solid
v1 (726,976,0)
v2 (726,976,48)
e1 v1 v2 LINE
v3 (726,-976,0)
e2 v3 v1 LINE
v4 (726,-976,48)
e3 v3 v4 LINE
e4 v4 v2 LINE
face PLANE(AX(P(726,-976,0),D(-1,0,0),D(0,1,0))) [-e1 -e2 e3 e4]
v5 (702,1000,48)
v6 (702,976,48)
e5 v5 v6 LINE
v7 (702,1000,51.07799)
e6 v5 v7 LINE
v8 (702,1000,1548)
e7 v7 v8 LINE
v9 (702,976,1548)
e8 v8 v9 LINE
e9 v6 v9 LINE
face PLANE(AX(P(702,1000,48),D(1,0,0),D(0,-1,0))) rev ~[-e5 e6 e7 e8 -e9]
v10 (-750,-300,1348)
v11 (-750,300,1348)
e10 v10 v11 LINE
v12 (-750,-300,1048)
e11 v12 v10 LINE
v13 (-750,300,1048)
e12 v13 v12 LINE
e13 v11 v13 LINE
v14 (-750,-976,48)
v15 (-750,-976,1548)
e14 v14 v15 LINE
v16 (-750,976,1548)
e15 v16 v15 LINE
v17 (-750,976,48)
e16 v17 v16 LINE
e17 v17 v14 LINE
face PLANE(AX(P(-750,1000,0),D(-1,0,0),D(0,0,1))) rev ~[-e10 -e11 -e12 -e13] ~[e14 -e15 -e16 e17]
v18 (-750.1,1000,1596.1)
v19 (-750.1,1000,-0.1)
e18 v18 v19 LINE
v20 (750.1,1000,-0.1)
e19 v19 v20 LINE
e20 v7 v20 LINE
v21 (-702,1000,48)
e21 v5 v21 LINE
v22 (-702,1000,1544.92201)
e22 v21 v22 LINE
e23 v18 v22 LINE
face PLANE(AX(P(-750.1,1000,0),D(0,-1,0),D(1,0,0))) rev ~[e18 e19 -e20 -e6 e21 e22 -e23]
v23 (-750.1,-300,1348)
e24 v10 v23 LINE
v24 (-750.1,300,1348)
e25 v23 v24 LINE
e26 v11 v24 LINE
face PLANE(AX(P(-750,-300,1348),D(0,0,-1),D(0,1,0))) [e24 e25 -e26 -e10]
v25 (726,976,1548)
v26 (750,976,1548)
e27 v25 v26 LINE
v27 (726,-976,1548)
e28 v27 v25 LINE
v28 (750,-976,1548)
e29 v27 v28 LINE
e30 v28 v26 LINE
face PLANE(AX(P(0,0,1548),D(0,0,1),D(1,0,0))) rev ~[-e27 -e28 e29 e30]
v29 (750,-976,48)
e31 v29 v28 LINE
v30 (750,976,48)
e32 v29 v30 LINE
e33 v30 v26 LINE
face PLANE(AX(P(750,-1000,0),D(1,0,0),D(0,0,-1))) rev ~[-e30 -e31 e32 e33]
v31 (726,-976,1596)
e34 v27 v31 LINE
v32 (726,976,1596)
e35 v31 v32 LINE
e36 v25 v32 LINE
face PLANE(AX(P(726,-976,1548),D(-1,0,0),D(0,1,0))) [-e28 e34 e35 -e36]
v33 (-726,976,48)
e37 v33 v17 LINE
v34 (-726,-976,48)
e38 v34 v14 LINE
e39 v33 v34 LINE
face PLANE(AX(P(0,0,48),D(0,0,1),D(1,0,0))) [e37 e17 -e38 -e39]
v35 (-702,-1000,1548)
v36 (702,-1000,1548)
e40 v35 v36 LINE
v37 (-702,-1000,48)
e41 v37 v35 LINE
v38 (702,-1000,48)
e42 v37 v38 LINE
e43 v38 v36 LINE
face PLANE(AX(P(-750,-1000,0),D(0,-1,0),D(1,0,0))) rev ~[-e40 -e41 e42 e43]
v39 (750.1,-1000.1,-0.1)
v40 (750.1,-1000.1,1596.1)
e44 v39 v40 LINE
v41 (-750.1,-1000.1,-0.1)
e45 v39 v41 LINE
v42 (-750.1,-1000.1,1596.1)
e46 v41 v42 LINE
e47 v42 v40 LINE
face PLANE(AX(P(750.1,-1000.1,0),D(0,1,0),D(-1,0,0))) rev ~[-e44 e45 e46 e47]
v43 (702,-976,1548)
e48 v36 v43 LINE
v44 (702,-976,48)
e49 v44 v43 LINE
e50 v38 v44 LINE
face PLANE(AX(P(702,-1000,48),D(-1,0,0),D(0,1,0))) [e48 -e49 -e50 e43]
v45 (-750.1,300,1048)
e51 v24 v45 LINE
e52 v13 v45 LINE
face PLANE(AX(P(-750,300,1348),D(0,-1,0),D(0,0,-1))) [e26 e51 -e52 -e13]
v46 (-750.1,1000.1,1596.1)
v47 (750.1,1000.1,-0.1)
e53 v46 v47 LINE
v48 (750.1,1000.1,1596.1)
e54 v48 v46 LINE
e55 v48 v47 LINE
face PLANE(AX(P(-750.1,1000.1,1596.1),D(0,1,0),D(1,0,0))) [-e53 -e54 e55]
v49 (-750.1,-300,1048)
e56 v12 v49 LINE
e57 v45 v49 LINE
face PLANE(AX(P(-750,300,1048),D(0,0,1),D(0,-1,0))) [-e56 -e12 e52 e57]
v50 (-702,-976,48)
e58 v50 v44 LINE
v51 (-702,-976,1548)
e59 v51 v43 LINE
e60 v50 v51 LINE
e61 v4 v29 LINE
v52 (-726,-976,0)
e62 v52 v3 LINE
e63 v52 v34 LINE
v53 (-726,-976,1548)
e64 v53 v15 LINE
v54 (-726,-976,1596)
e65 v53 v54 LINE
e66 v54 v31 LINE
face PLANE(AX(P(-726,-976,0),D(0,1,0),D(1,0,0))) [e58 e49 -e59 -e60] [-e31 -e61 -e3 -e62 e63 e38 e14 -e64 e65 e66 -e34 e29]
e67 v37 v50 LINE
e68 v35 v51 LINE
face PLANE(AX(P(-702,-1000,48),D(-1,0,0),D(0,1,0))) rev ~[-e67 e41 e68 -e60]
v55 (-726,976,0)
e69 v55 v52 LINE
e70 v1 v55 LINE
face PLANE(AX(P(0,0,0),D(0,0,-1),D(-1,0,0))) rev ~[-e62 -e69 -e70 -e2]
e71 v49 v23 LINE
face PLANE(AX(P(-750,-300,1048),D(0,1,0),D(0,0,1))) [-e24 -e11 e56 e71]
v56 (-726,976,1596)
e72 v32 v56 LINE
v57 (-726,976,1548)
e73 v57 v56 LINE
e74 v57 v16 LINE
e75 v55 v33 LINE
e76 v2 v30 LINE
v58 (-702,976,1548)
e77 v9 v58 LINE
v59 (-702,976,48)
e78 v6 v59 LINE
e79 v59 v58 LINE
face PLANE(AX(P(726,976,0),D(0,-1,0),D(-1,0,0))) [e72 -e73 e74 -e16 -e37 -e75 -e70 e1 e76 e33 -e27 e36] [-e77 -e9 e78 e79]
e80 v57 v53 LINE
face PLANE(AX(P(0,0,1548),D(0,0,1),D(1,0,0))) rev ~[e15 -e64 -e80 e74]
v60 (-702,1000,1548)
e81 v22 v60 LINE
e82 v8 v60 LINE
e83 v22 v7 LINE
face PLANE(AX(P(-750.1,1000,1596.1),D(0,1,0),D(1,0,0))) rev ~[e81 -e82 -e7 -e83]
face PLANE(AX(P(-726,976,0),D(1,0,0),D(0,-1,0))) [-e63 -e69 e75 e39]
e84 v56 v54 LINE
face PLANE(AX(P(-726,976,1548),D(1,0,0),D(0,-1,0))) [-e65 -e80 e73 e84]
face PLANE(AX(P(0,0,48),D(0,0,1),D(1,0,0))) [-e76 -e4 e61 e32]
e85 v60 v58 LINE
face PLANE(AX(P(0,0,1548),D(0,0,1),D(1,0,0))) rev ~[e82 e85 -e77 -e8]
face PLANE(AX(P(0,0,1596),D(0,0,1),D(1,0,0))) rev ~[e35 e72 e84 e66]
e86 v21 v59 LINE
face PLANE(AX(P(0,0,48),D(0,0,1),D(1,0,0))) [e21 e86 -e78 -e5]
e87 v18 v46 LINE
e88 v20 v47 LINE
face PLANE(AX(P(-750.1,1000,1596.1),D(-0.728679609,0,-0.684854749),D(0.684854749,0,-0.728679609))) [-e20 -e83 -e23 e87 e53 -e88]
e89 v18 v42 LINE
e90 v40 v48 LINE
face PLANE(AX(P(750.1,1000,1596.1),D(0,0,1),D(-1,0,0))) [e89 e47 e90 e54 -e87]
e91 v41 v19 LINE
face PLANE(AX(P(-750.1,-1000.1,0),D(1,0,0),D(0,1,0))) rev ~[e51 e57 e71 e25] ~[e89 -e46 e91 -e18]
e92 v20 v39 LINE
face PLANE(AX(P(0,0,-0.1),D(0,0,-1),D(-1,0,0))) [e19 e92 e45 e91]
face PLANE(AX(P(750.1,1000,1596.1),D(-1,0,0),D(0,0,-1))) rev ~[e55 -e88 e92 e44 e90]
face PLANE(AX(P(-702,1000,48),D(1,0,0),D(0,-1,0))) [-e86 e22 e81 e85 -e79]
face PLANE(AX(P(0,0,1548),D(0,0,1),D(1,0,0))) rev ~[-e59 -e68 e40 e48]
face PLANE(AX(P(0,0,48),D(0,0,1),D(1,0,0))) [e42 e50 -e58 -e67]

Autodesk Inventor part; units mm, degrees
ref_plane "YZ Plane" through (0, 0, 0) normal (1, 0, 0) x (0, 1, 0)
ref_plane "XZ Plane" through (0, 0, 0) normal (0, 1, 0) x (-1, 0, 0)
ref_plane "XY Plane" through (0, 0, 0) normal (0, 0, 1) x (1, 0, 0)
sketch "Sketch5" plane through (0, 0, 0) normal (0, 0, 1) x (1, 0, 0)
  line L0 (750, 1000) -> (-750, 1000)
  line L1 (-750, 1000) -> (-750, -1000)
  line L2 (-750, -1000) -> (750, -1000)
  line L3 (750, -1000) -> (750, 1000)
  line L4 (750, 1000) -> (-750, -1000) construction
  line L5 (-750, 1000) -> (750, -1000) construction
  line L6 (726, 976) -> (-726, 976)
  line L7 (-726, 976) -> (-726, -976)
  line L8 (-726, -976) -> (726, -976)
  line L9 (726, -976) -> (726, 976)
  line L10 (726, 976) -> (-726, -976) construction
  line L11 (-726, 976) -> (726, -976) construction
  point P0 (0, 0)
  dimension "d14" = 2000
  dimension "d15" = 1500
  dimension "d16" = 24
  dimension "d17" = 24
extrude "Extrusion4" add sketch "Sketch5" along normal blind 48
sketch "Sketch6" plane through (0, 0, 48) normal (0, 0, 1) x (1, 0, 0)
  line L0 (-750, 1000) -> (-750, -1000) construction
  line L1 (-750, -1000) -> (750, -1000) construction
  line L2 (750, -1000) -> (750, 1000) construction
  line L3 (750, 1000) -> (-750, 1000) construction
  line L4 (726, 976) -> (726, -976) construction
  line L5 (726, -976) -> (-726, -976) construction
  line L6 (-726, -976) -> (-726, 976) construction
  line L7 (-726, 976) -> (726, 976) construction
  line L8 (750, -1000) -> (702, -1000)
  line L9 (702, -1000) -> (702, -976)
  line L10 (702, -976) -> (750, -976)
  line L11 (750, -976) -> (750, -1000)
  line L12 (-750, -1000) -> (-702, -1000)
  line L13 (-702, -1000) -> (-702, -976)
  line L14 (-702, -976) -> (-750, -976)
  line L15 (-750, -976) -> (-750, -1000)
  line L16 (-750, 1000) -> (-702, 1000)
  line L17 (-702, 1000) -> (-702, 976)
  line L18 (-702, 976) -> (-750, 976)
  line L19 (-750, 976) -> (-750, 1000)
  line L20 (750, 1000) -> (702, 1000)
  line L21 (702, 1000) -> (702, 976)
  line L22 (702, 976) -> (750, 976)
  line L23 (750, 976) -> (750, 1000)
  point P0 (0, 0)
  dimension "d20" = 48
  dimension "d21" = 48
extrude "Extrusion5" add sketch "Sketch6" along normal blind 1500
sketch "Sketch7" plane through (0, 0, 1548) normal (0, 0, 1) x (1, 0, 0)
  line L0 (-702, -976) -> (-702, -1000) construction
  line L1 (-702, -1000) -> (702, -1000) construction
  line L2 (702, -1000) -> (702, -976) construction
  line L3 (702, -976) -> (-702, -976) construction
  line L4 (-726, 976) -> (-750, 976) construction
  line L5 (-750, 976) -> (-750, -976) construction
  line L6 (-750, -976) -> (-726, -976) construction
  line L7 (-726, -976) -> (-726, 976) construction
  line L8 (702, 1000) -> (702, 976) construction
  line L9 (702, 976) -> (750, 976) construction
  line L10 (750, 976) -> (750, 1000) construction
  line L11 (750, 1000) -> (702, 1000) construction
  line L12 (750, 1000) -> (-750, 1000)
  line L13 (-750, 1000) -> (-750, -1000)
  line L14 (-750, -1000) -> (750, -1000)
  line L15 (750, -1000) -> (750, 1000)
  line L16 (-726, -976) -> (726, -976)
  line L17 (726, -976) -> (726, 976)
  line L18 (726, 976) -> (-726, 976)
  line L19 (-726, 976) -> (-726, -976)
  point P0 (0, 0)
  dimension "d24" = 24
extrude "Extrusion6" add sketch "Sketch7" along normal blind 48
sketch "Sketch8" plane through (750, -1000, 0) normal (1, 0, 0) x (0, 0, -1)
  line L0 (-48, 1976) -> (-1548, 1976) construction
  line L1 (-48, 24) -> (-48, 1976) construction
  line L2 (-48, 24) -> (-1548, 24) construction
  line L3 (-1548, 24) -> (-1548, 1976) construction
  line L4 (0, 2000) -> (-1596, 2000) construction
  line L5 (-1596, 0) -> (-1596, 2000) construction
  line L6 (0, 0) -> (-1596, 0) construction
  line L7 (0, 0) -> (0, 2000) construction
  line L8 (-1596, 0) -> (0, 0)
  line L9 (0, 0) -> (0, 2000)
  line L10 (0, 2000) -> (-1596, 2000)
  line L11 (-1596, 2000) -> (-1596, 0)
  point P0 (0, 1000)
extrude "Extrusion7" add sketch "Sketch8" along normal blind 0.1
sketch "Sketch9" plane through (-750, -1000, 0) normal (0, -1, 0) x (1, 0, 0)
  line L0 (1452, 48) -> (1452, 1548) construction
  line L1 (48, 48) -> (1452, 48) construction
  line L2 (48, 48) -> (48, 1548) construction
  line L3 (48, 1548) -> (1452, 1548) construction
  line L4 (0, 1596) -> (1500.1, 1596) construction
  line L5 (0, 0) -> (0, 1596) construction
  line L6 (0, 0) -> (1500.1, 0) construction
  line L7 (1500.1, 1596) -> (1500.1, 0) construction
  line L8 (0, 1596) -> (1500.1, 1596)
  line L9 (1500.1, 1596) -> (1500.1, 0)
  line L10 (1500.1, 0) -> (0, 0)
  line L11 (0, 0) -> (0, 1596)
  point P0 (750, 0)
extrude "Extrusion8" add sketch "Sketch9" along normal blind 0.1
sketch "Sketch10" plane through (-750, 1000, 0) normal (-1, 0, 0) x (0, 0, 1)
  line L0 (0, 0) -> (1596, 0) construction
  line L1 (0, 0) -> (0, -2000.1) construction
  line L2 (1596, -2000.1) -> (0, -2000.1) construction
  line L3 (1596, 0) -> (1596, -2000.1) construction
  line L4 (1548, -24) -> (1548, -1976) construction
  line L5 (48, -1976) -> (1548, -1976) construction
  line L6 (48, -24) -> (48, -1976) construction
  line L7 (48, -24) -> (1548, -24) construction
  line L8 (1596, 0) -> (0, 0)
  line L9 (0, 0) -> (0, -2000.1)
  line L10 (0, -2000.1) -> (1596, -2000.1)
  line L11 (1596, -2000.1) -> (1596, 0)
  line L12 (1348, -700) -> (1048, -700)
  line L13 (1048, -700) -> (1048, -1300)
  line L14 (1048, -1300) -> (1348, -1300)
  line L15 (1348, -1300) -> (1348, -700)
  line L16 (-319.34, -1000) -> (1915.34, -1000) construction
  point P0 (0, -1000)
  dimension "d37" = 600
  dimension "d38" = 300
  dimension "d39" = 300
  dimension "d40" = 1000
extrude "Extrusion9" add sketch "Sketch10" along normal blind 0.1
sketch "Sketch11" plane through (0, 0, 1596) normal (0, 0, 1) x (1, 0, 0)
  line L0 (750.1, -1000.1) -> (-750.1, -1000.1) construction
  line L1 (750.1, 1000) -> (750.1, -1000.1) construction
  line L2 (-750.1, 1000) -> (750.1, 1000) construction
  line L3 (-750.1, -1000.1) -> (-750.1, 1000) construction
  line L4 (-726, -976) -> (-726, 976) construction
  line L5 (-726, 976) -> (726, 976) construction
  line L6 (726, 976) -> (726, -976) construction
  line L7 (726, -976) -> (-726, -976) construction
  line L8 (750.1, 1000) -> (-750.1, 1000)
  line L9 (-750.1, 1000) -> (-750.1, -1000.1)
  line L10 (-750.1, -1000.1) -> (750.1, -1000.1)
  line L11 (750.1, -1000.1) -> (750.1, 1000)
  point P0 (0, 0)
extrude "Extrusion10" add sketch "Sketch11" along normal blind 0.1
sketch "Sketch12" plane through (0, 0, 0) normal (0, 0, -1) x (-1, 0, 0)
  line L0 (750.1, 1000) -> (-750.1, 1000) construction
  line L1 (-750.1, 1000) -> (-750.1, -1000.1) construction
  line L2 (-750.1, -1000.1) -> (750.1, -1000.1) construction
  line L3 (750.1, 1000) -> (750.1, -1000.1) construction
  line L4 (-726, 976) -> (-726, -976) construction
  line L5 (726, 976) -> (-726, 976) construction
  line L6 (726, -976) -> (726, 976) construction
  line L7 (-726, -976) -> (726, -976) construction
  line L8 (750.1, 1000) -> (-750.1, 1000)
  line L9 (-750.1, 1000) -> (-750.1, -1000.1)
  line L10 (-750.1, -1000.1) -> (750.1, -1000.1)
  line L11 (750.1, -1000.1) -> (750.1, 1000)
  point P0 (0, 0)
extrude "Extrusion11" add sketch "Sketch12" along normal blind 0.1
sketch "Sketch13" plane through (-750.1, 1000, 1596.1) normal (0, 1, 0) x (1, 0, 0)
  line L0 (48.1, 1548.1) -> (48.1, 48.1) construction
  line L1 (1452.1, 1548.1) -> (48.1, 1548.1) construction
  line L2 (1452.1, 1548.1) -> (1452.1, 48.1) construction
  line L3 (1452.1, 48.1) -> (48.1, 48.1) construction
  line L4 (1500.2, 0) -> (1500.2, 1596.2) construction
  line L5 (0, 1596.2) -> (1500.2, 1596.2) construction
  line L6 (0, 1596.2) -> (0, 0) construction
  line L7 (1500.2, 0) -> (0, 0) construction
  line L8 (0, 0) -> (1500.2, 1596.2)
  line L9 (1500.2, 0) -> (1500.2, 1596.2)
  line L10 (1500.2, 0) -> (0, 0)
  point P0 (750.1, 1596.1)
extrude "Extrusion12" add sketch "Sketch13" along normal blind 0.1
properties part number "P004_CageDeTest2"
